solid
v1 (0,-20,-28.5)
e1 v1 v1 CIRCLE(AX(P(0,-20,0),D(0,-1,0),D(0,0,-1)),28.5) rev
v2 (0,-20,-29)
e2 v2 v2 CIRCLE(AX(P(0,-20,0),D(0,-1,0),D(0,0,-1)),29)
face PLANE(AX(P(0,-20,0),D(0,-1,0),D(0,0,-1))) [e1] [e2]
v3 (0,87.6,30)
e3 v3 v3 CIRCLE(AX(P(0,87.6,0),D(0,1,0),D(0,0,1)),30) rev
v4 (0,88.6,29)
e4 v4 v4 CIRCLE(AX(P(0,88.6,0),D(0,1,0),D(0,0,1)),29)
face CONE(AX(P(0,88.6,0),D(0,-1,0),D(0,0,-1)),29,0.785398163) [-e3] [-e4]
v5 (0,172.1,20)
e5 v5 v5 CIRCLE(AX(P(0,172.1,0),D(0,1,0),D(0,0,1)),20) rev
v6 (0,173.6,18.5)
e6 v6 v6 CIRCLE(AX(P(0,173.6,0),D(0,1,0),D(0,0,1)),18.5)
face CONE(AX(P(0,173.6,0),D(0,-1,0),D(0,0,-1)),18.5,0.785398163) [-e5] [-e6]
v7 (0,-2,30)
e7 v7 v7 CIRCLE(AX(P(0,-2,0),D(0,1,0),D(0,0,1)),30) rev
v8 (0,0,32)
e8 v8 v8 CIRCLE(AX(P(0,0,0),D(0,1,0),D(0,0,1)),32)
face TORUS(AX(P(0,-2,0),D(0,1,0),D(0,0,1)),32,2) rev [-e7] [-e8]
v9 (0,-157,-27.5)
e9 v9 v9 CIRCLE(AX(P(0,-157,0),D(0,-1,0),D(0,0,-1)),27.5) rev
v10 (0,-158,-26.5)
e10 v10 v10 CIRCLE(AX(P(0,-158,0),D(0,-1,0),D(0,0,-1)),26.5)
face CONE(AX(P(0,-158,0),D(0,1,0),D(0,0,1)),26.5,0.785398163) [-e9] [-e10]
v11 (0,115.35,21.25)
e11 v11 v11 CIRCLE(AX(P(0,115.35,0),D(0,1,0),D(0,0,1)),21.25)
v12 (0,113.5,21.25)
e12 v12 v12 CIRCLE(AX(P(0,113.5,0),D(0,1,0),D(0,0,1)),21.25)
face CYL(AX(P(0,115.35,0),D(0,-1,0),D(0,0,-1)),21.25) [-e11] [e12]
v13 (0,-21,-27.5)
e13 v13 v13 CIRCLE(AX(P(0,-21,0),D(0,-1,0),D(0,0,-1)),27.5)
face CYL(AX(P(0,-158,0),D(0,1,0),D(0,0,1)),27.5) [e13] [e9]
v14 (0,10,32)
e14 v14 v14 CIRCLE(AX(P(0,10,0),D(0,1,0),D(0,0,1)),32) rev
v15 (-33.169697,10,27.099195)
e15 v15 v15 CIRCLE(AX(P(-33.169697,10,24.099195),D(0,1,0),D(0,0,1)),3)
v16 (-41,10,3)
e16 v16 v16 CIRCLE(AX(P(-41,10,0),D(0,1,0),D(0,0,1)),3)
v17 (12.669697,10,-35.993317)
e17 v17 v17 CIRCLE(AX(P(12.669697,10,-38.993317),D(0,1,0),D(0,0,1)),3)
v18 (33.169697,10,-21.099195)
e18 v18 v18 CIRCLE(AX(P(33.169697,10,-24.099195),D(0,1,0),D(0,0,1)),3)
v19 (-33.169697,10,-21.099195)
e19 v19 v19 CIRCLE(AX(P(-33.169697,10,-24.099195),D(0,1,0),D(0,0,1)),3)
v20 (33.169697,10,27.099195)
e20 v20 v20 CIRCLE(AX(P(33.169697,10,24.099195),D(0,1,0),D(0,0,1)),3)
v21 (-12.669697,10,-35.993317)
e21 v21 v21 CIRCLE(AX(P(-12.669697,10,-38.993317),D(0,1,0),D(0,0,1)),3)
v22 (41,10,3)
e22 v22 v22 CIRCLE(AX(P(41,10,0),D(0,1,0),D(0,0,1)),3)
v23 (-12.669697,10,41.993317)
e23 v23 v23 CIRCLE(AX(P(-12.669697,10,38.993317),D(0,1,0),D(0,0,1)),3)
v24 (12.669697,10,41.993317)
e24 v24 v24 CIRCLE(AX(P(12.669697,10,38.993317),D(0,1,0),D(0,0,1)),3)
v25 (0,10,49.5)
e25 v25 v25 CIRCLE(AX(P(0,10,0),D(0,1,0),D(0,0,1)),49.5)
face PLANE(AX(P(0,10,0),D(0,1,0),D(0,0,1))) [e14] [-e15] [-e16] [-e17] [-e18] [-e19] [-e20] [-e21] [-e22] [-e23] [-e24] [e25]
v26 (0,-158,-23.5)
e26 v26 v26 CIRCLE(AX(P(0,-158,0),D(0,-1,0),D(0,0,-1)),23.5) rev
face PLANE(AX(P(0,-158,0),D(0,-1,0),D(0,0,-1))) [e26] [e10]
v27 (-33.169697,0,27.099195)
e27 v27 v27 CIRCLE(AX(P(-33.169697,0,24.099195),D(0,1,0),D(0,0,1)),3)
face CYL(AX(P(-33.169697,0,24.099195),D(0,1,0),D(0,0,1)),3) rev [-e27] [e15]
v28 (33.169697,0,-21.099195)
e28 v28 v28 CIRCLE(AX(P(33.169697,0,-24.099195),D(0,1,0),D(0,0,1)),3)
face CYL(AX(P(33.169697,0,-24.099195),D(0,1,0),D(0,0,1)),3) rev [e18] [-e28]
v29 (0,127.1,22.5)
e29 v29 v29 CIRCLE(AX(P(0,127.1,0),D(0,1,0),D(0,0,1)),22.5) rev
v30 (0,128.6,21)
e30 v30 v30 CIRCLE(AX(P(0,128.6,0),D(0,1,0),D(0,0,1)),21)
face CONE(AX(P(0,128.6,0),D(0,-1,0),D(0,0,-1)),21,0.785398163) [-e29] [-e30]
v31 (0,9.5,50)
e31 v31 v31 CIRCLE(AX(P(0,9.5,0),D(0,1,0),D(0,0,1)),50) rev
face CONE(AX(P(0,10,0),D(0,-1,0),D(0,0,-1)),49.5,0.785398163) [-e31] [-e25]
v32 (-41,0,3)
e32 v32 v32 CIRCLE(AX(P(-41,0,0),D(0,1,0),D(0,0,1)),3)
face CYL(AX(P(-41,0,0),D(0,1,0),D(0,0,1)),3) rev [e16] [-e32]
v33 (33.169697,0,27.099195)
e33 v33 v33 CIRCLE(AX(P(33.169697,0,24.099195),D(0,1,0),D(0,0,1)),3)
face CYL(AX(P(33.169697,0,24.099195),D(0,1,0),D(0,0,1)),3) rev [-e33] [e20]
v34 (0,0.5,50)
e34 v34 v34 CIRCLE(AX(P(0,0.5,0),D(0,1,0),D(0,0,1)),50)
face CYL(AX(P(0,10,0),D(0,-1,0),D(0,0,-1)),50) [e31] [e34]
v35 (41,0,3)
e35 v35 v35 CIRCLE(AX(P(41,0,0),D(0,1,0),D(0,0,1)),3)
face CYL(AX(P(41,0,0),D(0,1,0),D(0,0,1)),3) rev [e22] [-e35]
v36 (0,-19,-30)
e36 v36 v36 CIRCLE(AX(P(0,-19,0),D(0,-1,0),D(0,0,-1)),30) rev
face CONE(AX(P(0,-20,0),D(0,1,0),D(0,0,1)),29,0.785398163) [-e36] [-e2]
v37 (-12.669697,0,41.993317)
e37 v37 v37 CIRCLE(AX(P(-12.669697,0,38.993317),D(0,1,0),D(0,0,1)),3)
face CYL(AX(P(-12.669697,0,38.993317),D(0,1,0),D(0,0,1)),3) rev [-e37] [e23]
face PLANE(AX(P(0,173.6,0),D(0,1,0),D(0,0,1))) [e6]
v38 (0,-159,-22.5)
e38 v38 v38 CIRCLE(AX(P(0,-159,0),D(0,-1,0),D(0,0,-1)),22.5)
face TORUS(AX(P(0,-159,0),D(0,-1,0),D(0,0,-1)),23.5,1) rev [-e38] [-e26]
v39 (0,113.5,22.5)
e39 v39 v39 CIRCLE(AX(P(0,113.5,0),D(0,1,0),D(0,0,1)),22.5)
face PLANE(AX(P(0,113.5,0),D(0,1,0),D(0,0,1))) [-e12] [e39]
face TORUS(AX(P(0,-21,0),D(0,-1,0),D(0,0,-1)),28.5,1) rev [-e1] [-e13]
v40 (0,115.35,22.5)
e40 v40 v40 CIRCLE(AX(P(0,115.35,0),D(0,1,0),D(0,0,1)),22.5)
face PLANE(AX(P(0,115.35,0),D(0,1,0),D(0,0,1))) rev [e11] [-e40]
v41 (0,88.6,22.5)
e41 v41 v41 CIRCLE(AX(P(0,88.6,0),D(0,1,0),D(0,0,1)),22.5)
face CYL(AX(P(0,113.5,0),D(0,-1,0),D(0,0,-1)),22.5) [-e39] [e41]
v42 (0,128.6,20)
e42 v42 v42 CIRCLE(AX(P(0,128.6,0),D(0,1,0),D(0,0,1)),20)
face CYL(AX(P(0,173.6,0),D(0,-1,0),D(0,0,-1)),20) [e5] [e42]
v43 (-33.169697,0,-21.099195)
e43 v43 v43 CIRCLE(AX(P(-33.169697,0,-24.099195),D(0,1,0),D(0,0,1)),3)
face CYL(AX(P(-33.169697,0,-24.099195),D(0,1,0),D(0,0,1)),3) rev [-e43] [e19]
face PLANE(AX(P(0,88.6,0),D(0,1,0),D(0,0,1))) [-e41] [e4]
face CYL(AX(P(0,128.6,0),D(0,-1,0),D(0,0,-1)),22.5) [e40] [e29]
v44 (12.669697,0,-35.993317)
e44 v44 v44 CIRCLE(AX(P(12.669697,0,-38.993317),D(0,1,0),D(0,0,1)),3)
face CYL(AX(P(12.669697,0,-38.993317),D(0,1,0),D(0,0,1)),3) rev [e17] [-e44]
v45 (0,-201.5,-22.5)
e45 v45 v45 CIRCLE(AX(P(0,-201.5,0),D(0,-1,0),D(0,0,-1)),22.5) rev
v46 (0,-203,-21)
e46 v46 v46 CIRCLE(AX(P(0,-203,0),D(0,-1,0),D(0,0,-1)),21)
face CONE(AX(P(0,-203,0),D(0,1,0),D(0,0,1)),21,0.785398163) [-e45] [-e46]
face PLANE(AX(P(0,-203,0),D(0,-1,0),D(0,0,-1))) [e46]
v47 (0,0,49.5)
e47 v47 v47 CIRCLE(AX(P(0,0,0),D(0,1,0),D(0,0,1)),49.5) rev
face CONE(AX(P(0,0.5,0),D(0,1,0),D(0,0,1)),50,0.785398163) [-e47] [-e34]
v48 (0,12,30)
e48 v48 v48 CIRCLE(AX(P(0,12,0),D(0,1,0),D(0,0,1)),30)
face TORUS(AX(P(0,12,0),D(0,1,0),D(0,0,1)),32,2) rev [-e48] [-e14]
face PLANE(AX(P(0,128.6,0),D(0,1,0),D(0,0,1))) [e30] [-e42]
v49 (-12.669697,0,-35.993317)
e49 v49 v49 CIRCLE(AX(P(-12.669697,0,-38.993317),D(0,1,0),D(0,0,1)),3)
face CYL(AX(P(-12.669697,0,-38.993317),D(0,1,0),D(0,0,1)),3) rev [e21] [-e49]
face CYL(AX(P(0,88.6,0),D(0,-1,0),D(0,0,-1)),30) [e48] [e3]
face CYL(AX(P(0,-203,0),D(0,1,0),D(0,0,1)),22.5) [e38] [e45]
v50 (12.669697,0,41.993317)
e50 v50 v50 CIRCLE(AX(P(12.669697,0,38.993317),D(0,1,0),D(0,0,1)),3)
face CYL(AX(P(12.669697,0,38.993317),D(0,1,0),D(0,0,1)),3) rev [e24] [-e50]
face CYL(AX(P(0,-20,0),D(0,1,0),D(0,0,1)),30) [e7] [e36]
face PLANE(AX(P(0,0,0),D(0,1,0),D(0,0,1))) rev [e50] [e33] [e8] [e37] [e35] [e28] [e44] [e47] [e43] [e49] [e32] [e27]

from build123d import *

# Parameters (mm, degrees)
SKIZZE1_R                       = 50
AUFSATZ_LINEAR_AUSTRAGEN1_DEPTH = 10
SKIZZE2_R                       = 3
SCHNITT_LINEAR_AUSTRAGEN2_DEPTH = 10
SKIZZE3_R                       = 30
AUFSATZ_LINEAR_AUSTRAGEN2_DEPTH = 78.6
VERRUNDUNG1_R                   = 2
FASE1_SIZE                      = 1
SKIZZE4_R                       = 22.5
AUFSATZ_LINEAR_AUSTRAGEN3_DEPTH = 24.9
SKIZZE5_R                       = 21.25
AUFSATZ_LINEAR_AUSTRAGEN4_DEPTH = 1.85
SKIZZE6_R                       = 22.5
AUFSATZ_LINEAR_AUSTRAGEN5_DEPTH = 13.25
FASE2_SIZE                      = 1.5
SKIZZE7_R                       = 20
AUFSATZ_LINEAR_AUSTRAGEN6_DEPTH = 45
FASE3_SIZE                      = 1.5
SKIZZE8_R                       = 30
AUFSATZ_LINEAR_AUSTRAGEN7_DEPTH = 20
FASE4_SIZE                      = 1
VERRUNDUNG2_R                   = 2
FASE5_SIZE                      = 0.5
FASE6_SIZE                      = 0.5
SKIZZE9_R                       = 27.5
AUFSATZ_LINEAR_AUSTRAGEN8_DEPTH = 138
SKIZZE10_R                      = 22.5
AUFSATZ_LINEAR_AUSTRAGEN9_DEPTH = 45
VERRUNDUNG3_R                   = 1
FASE7_SIZE                      = 1
VERRUNDUNG4_R                   = 1
FASE8_SIZE                      = 1.5


with BuildPart() as part:
    # Skizze1 → Aufsatz-Linear austragen1 (new body)
    with BuildSketch(Plane(origin=(0, 0, 0), x_dir=(1, 0, 0), z_dir=(0, 1, 0))):
        with Locations(Location((0, 0, 0), (0, 0, 270))):  # turned: the seam where the file's is
            Circle(SKIZZE1_R)
    extrude(amount=AUFSATZ_LINEAR_AUSTRAGEN1_DEPTH)

    # Skizze2 → Schnitt-Linear austragen2 (cut)
    with BuildSketch(Plane(origin=(0, 10, 0), x_dir=(1, 0, 0), z_dir=(0, 1, 0))):
        with Locations(Location((-33.169696769, 24.099195344, 0), (0, 0, 270))):  # turned: the seam where the file's is
            Circle(SKIZZE2_R)
        with Locations(Location((33.169696769, 24.099195344, 0), (0, 0, 270))):  # turned: the seam where the file's is
            Circle(SKIZZE2_R)
        with Locations(Location((12.669696769, 38.993317168, 0), (0, 0, 270))):  # turned: the seam where the file's is
            Circle(SKIZZE2_R)
        with Locations(Location((41, 0, 0), (0, 0, 270))):  # turned: the seam where the file's is
            Circle(SKIZZE2_R)
        with Locations(Location((33.169696769, -24.099195344, 0), (0, 0, 270))):  # turned: the seam where the file's is
            Circle(SKIZZE2_R)
        with Locations(Location((12.669696769, -38.993317168, 0), (0, 0, 270))):  # turned: the seam where the file's is
            Circle(SKIZZE2_R)
        with Locations(Location((-12.669696769, -38.993317168, 0), (0, 0, 270))):  # turned: the seam where the file's is
            Circle(SKIZZE2_R)
        with Locations(Location((-33.169696769, -24.099195344, 0), (0, 0, 270))):  # turned: the seam where the file's is
            Circle(SKIZZE2_R)
        with Locations(Location((-41, 0, 0), (0, 0, 270))):  # turned: the seam where the file's is
            Circle(SKIZZE2_R)
        with Locations(Location((-12.669696769, 38.993317168, 0), (0, 0, 270))):  # turned: the seam where the file's is
            Circle(SKIZZE2_R)
    extrude(amount=-SCHNITT_LINEAR_AUSTRAGEN2_DEPTH, mode=Mode.SUBTRACT)

    # Skizze3 → Aufsatz-Linear austragen2 (add)
    with BuildSketch(Plane(origin=(0, 10, 0), x_dir=(1, 0, 0), z_dir=(0, 1, 0))):
        with Locations(Location((0, 0, 0), (0, 0, 270))):  # turned: the seam where the file's is
            Circle(SKIZZE3_R)
    extrude(amount=AUFSATZ_LINEAR_AUSTRAGEN2_DEPTH)

    # Verrundung1
    verrundung1_edges = [part.edges().sort_by_distance(p)[0] for p in [
        (0, 10, -30),
    ]]
    fillet(verrundung1_edges, radius=VERRUNDUNG1_R)

    # Fase1
    fase1_edges = [part.edges().sort_by_distance(p)[0] for p in [
        (0, 88.6, -30),
    ]]
    chamfer(fase1_edges, length=FASE1_SIZE)

    # Skizze4 → Aufsatz-Linear austragen3 (add)
    with BuildSketch(Plane(origin=(0, 88.6, 0), x_dir=(-1, 0, 0), z_dir=(0, 1, 0))):
        with Locations(Location((0, 0, 0), (0, 0, 90))):  # turned: the seam where the file's is
            Circle(SKIZZE4_R)
    extrude(amount=AUFSATZ_LINEAR_AUSTRAGEN3_DEPTH)

    # Skizze5 → Aufsatz-Linear austragen4 (add)
    with BuildSketch(Plane(origin=(0, 113.5, 0), x_dir=(1, 0, 0), z_dir=(0, 1, 0))):
        with Locations(Location((0, 0, 0), (0, 0, 270))):  # turned: the seam where the file's is
            Circle(SKIZZE5_R)
    extrude(amount=AUFSATZ_LINEAR_AUSTRAGEN4_DEPTH)

    # Skizze6 → Aufsatz-Linear austragen5 (add)
    with BuildSketch(Plane(origin=(0, 115.35, 0), x_dir=(1, 0, 0), z_dir=(0, 1, 0))):
        with Locations(Location((0, 0, 0), (0, 0, 270))):  # turned: the seam where the file's is
            Circle(SKIZZE6_R)
    extrude(amount=AUFSATZ_LINEAR_AUSTRAGEN5_DEPTH)

    # Fase2
    fase2_edges = [part.edges().sort_by_distance(p)[0] for p in [
        (0, 128.6, -22.5),
    ]]
    chamfer(fase2_edges, length=FASE2_SIZE)

    # Skizze7 → Aufsatz-Linear austragen6 (add)
    with BuildSketch(Plane(origin=(0, 128.6, 0), x_dir=(1, 0, 0), z_dir=(0, 1, 0))):
        with Locations(Location((0, 0, 0), (0, 0, 270))):  # turned: the seam where the file's is
            Circle(SKIZZE7_R)
    extrude(amount=AUFSATZ_LINEAR_AUSTRAGEN6_DEPTH)

    # Fase3
    fase3_edges = [part.edges().sort_by_distance(p)[0] for p in [
        (0, 173.6, -20),
    ]]
    chamfer(fase3_edges, length=FASE3_SIZE)

    # Skizze8 → Aufsatz-Linear austragen7 (add)
    with BuildSketch(Plane.XZ):
        with Locations(Location((0, 0, 0), (0, 0, 90))):  # turned: the seam where the file's is
            Circle(SKIZZE8_R)
    extrude(amount=AUFSATZ_LINEAR_AUSTRAGEN7_DEPTH)

    # Fase4
    fase4_edges = [part.edges().sort_by_distance(p)[0] for p in [
        (0, -20, -30),
    ]]
    chamfer(fase4_edges, length=FASE4_SIZE)

    # Verrundung2
    verrundung2_edges = [part.edges().sort_by_distance(p)[0] for p in [
        (0, 0, -30),
    ]]
    fillet(verrundung2_edges, radius=VERRUNDUNG2_R)

    # Fase5
    fase5_edges = [part.edges().sort_by_distance(p)[0] for p in [
        (0, 0, -50),
    ]]
    chamfer(fase5_edges, length=FASE5_SIZE)

    # Fase6
    fase6_edges = [part.edges().sort_by_distance(p)[0] for p in [
        (0, 10, -50),
    ]]
    chamfer(fase6_edges, length=FASE6_SIZE)

    # Skizze9 → Aufsatz-Linear austragen8 (add)
    with BuildSketch(Plane.XZ.offset(20)):
        with Locations(Location((0, 0, 0), (0, 0, 270))):  # turned: the seam where the file's is
            Circle(SKIZZE9_R)
    extrude(amount=AUFSATZ_LINEAR_AUSTRAGEN8_DEPTH)

    # Skizze10 → Aufsatz-Linear austragen9 (add)
    with BuildSketch(Plane.XZ.offset(158)):
        with Locations(Location((0, 0, 0), (0, 0, 90))):  # turned: the seam where the file's is
            Circle(SKIZZE10_R)
    extrude(amount=AUFSATZ_LINEAR_AUSTRAGEN9_DEPTH)

    # Verrundung3
    verrundung3_edges = [part.edges().sort_by_distance(p)[0] for p in [
        (0, -20, 27.5),
    ]]
    fillet(verrundung3_edges, radius=VERRUNDUNG3_R)

    # Fase7
    fase7_edges = [part.edges().sort_by_distance(p)[0] for p in [
        (0, -158, 27.5),
    ]]
    chamfer(fase7_edges, length=FASE7_SIZE)

    # Verrundung4
    verrundung4_edges = [part.edges().sort_by_distance(p)[0] for p in [
        (0, -158, -22.5),
    ]]
    fillet(verrundung4_edges, radius=VERRUNDUNG4_R)

    # Fase8
    fase8_edges = [part.edges().sort_by_distance(p)[0] for p in [
        (0, -203, -22.5),
    ]]
    chamfer(fase8_edges, length=FASE8_SIZE)


solid = part.part
